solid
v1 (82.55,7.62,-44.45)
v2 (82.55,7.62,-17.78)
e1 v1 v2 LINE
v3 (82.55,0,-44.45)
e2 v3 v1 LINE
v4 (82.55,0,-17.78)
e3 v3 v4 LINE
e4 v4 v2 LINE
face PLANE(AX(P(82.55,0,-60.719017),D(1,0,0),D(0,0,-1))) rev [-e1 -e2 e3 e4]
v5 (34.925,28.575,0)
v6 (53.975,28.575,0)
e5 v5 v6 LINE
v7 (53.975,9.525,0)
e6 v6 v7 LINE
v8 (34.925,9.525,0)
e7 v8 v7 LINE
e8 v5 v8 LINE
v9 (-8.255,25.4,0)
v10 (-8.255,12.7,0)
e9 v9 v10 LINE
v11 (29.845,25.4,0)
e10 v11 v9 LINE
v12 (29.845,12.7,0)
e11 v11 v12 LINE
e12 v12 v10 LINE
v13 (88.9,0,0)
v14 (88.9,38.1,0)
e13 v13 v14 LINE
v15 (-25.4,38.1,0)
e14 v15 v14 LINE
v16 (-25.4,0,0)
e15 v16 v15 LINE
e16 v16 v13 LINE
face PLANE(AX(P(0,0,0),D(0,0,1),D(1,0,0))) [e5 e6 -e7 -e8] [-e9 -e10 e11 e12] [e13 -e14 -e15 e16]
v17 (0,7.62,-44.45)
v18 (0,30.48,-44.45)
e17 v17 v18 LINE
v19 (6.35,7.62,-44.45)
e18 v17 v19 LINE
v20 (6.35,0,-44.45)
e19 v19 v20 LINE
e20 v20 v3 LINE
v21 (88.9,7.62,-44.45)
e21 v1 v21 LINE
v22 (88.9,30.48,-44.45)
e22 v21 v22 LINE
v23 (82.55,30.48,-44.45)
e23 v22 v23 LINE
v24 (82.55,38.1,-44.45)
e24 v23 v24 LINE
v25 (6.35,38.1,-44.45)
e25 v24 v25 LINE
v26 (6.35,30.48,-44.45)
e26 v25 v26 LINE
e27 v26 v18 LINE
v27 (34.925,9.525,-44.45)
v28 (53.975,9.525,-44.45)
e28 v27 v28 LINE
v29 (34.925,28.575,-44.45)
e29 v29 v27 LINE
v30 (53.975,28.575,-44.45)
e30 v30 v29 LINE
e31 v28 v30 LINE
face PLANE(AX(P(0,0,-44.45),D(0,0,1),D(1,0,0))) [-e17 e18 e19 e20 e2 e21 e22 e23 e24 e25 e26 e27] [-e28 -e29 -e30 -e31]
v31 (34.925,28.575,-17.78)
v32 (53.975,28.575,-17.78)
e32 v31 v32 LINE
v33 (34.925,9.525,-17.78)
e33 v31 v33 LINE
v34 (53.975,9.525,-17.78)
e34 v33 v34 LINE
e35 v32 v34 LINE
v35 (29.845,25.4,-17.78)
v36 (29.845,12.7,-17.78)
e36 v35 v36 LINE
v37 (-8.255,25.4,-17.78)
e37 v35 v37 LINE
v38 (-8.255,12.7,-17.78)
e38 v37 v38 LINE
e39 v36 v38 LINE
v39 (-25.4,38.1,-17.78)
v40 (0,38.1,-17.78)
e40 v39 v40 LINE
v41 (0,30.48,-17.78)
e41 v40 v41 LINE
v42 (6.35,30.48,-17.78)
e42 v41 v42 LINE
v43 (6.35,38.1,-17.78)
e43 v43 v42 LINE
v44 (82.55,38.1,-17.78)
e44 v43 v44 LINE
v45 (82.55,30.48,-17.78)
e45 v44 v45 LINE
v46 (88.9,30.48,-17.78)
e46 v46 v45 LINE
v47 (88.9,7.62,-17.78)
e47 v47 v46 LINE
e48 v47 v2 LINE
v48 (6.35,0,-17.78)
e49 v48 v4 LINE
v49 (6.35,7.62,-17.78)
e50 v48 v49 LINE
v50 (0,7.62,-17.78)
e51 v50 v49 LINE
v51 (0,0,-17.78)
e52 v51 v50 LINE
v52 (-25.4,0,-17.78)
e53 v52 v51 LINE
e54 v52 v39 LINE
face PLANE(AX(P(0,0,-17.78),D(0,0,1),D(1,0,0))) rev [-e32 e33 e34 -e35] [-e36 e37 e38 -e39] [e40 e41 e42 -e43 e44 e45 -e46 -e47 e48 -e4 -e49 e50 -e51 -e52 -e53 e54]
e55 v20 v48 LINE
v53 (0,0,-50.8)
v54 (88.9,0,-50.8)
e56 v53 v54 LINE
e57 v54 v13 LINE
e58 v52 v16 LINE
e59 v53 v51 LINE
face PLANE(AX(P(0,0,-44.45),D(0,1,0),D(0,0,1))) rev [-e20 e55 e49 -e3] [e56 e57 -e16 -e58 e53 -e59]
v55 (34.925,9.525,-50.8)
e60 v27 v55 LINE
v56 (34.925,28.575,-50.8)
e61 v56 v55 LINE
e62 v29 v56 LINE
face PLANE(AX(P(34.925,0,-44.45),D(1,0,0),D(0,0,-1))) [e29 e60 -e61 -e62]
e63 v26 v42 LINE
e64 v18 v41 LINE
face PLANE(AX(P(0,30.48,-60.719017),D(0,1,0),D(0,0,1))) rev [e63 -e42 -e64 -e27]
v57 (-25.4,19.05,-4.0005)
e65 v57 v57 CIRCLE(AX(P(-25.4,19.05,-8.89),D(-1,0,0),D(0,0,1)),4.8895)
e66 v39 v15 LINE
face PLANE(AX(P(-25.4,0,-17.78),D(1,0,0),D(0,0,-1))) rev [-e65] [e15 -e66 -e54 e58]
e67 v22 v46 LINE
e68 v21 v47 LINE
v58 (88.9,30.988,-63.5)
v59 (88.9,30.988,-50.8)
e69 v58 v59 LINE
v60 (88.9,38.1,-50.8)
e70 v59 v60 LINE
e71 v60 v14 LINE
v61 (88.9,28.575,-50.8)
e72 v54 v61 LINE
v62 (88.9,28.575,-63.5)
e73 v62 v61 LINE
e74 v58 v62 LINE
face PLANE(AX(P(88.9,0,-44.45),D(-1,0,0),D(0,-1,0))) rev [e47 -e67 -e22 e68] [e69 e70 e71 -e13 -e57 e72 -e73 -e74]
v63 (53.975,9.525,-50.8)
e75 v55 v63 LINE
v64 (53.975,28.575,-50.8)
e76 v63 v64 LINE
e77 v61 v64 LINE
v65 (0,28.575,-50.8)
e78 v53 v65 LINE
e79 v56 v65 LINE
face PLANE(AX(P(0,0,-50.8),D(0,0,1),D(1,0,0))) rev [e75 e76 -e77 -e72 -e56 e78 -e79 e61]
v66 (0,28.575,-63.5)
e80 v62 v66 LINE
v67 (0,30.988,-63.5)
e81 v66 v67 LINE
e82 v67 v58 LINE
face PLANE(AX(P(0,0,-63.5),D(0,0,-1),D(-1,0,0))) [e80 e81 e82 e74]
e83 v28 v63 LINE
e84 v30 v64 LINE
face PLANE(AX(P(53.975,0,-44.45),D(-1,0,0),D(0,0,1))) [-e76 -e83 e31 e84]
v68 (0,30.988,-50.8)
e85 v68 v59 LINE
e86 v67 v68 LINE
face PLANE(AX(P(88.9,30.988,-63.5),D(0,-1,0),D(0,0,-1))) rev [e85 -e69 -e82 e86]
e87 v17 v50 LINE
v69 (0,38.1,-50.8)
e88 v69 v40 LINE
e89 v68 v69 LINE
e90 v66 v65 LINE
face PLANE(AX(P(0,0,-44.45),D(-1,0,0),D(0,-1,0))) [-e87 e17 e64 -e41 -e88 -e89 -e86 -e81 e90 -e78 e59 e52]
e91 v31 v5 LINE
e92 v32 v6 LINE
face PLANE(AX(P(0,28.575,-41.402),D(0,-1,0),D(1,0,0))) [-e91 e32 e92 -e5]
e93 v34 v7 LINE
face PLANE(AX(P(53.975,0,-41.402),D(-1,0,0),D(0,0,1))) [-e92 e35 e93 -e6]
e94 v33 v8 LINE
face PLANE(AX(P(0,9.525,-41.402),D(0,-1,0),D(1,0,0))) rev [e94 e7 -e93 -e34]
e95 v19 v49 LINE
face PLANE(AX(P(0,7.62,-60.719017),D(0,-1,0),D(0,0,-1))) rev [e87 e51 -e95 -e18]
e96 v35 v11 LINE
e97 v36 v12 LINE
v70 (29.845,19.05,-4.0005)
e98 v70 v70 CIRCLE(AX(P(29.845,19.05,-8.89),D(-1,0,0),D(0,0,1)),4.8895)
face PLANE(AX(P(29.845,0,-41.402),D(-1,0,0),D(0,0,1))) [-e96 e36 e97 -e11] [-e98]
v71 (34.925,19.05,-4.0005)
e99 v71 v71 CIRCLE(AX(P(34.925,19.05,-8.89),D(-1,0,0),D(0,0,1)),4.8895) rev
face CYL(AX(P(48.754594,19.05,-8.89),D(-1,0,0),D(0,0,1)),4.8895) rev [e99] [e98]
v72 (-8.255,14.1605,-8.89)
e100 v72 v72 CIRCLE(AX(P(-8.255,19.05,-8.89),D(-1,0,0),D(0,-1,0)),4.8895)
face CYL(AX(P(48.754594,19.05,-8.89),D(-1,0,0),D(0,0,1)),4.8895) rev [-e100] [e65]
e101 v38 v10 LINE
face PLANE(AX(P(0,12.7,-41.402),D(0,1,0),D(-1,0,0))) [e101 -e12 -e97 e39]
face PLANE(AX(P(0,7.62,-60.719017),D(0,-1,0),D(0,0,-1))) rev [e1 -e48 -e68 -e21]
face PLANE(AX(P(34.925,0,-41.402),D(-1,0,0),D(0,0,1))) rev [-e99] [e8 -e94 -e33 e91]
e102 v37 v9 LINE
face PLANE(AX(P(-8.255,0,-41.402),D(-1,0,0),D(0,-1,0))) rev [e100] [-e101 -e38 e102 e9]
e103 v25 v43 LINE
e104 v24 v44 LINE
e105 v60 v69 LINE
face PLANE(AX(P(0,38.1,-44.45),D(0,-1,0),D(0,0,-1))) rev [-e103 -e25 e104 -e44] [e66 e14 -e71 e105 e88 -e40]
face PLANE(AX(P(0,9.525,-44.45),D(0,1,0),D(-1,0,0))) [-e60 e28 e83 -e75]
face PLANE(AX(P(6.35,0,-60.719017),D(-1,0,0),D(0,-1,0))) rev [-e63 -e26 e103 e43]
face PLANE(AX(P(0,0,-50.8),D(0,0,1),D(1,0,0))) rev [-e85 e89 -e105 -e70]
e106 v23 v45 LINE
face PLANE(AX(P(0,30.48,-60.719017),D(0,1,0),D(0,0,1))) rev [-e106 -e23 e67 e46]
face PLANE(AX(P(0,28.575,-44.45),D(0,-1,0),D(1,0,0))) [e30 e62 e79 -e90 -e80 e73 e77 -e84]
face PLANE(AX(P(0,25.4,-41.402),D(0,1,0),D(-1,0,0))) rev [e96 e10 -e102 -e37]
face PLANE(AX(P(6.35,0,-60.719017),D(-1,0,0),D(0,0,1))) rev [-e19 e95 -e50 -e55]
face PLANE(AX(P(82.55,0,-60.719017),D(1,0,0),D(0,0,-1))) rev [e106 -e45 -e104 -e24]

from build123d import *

# Parameters (mm, degrees)
SKETCH1_W                = 88.9
SKETCH1_H                = 38.1
SKETCH1_W_2              = 25.4
BOSS_EXTRUDE1_DEPTH      = 17.78
SKETCH2_W                = 38.1
SKETCH2_H                = 12.7
SKETCH2_W_2              = 6.35
SKETCH2_H_2              = 7.62
SKETCH2_W_3              = 19.05
SKETCH2_H_3              = 19.05
CUT_EXTRUDE1_DEPTH       = 41.402
SKETCH3_W                = 19.05
SKETCH3_H                = 19.05
BOSS_EXTRUDE2_DEPTH      = 6.35
SPRINGPLUNGER_HOLE_REACH = 132.755
SKETCH6_R                = 4.8895
SKETCH8_W                = 6.35
SKETCH8_H                = 7.62
SUPPORT_DEPTH            = 50.8
SKETCH10_W               = 88.9
SKETCH10_H               = 2.413
BOSS_EXTRUDE3_DEPTH      = 12.7


with BuildPart() as part:
    # Sketch1 → Boss-Extrude1 (new body)
    with BuildSketch(Plane.XY):
        with Locations((44.45, 19.05)):
            Rectangle(SKETCH1_W, SKETCH1_H)
        with Locations((-12.7, 19.05)):
            Rectangle(SKETCH1_W_2, SKETCH1_H)
    extrude(amount=-BOSS_EXTRUDE1_DEPTH)

    # Sketch2 → Cut-Extrude1 (cut)
    with BuildSketch(Plane.XY):
        with Locations((10.795, 19.05)):
            Rectangle(SKETCH2_W, SKETCH2_H)
        with Locations((3.175, 34.29)):
            Rectangle(SKETCH2_W_2, SKETCH2_H_2)
        with Locations((3.175, 3.81)):
            Rectangle(SKETCH2_W_2, SKETCH2_H_2)
        with Locations((44.45, 19.05)):
            Rectangle(SKETCH2_W_3, SKETCH2_H_3)
        with Locations((85.725, 34.29)):
            Rectangle(SKETCH2_W_2, SKETCH2_H_2)
        with Locations((85.725, 3.81)):
            Rectangle(SKETCH2_W_2, SKETCH2_H_2)
    extrude(amount=-CUT_EXTRUDE1_DEPTH, mode=Mode.SUBTRACT)

    # SpringPlunger Hole: up to this face of the body (flat: up to its plane)
    springplunger_hole_end = Plane(part.part.faces().sort_by_distance((34.925, 19.05, -8.89))[0])
    # Sketch6 → SpringPlunger Hole (cut, up to the picked face)
    with BuildSketch(Plane.ZY.offset(25.4), mode=Mode.PRIVATE) as springplunger_hole_sk1:
        with Locations((-8.89, 19.05)):
            Circle(SKETCH6_R)
    springplunger_hole_tool1 = split(extrude(springplunger_hole_sk1.sketch, amount=-SPRINGPLUNGER_HOLE_REACH, mode=Mode.PRIVATE), bisect_by=springplunger_hole_end, keep=Keep.BOTH, mode=Mode.PRIVATE)
    add(springplunger_hole_tool1.solids().sort_by(Axis((-25.4, 19.05, -8.89), (1, 0, 0)))[0], mode=Mode.SUBTRACT)



with BuildPart() as body_2:
    # Sketch3 → Boss-Extrude2 (new body)
    with BuildSketch(Plane.XY.offset(-50.8)):
        Polygon((0, 30.48), (0, 7.62), (6.35, 7.62), (6.35, 0), (82.55, 0), (82.55, 7.62), (88.9, 7.62), (88.9, 30.48), (82.55, 30.48), (82.55, 38.1), (6.35, 38.1), (6.35, 30.48), align=None)
        with Locations((44.45, 19.05)):
            Rectangle(SKETCH3_W, SKETCH3_H, mode=Mode.SUBTRACT)
    extrude(amount=BOSS_EXTRUDE2_DEPTH)


with BuildPart() as part_1:
    add(part.part)

    add(body_2.part)  # Support merges body 2
    # Sketch8 → Support (add)
    with BuildSketch(Plane.XY):
        with Locations((3.175, 34.29)):
            Rectangle(SKETCH8_W, SKETCH8_H)
        with Locations((85.725, 34.29)):
            Rectangle(SKETCH8_W, SKETCH8_H)
        with Locations((85.725, 3.81)):
            Rectangle(SKETCH8_W, SKETCH8_H)
        with Locations((3.175, 3.81)):
            Rectangle(SKETCH8_W, SKETCH8_H)
    extrude(amount=-SUPPORT_DEPTH)

    # Sketch10 → Boss-Extrude3 (add)
    with BuildSketch(Plane(origin=(0, 0, -50.8), x_dir=(-1, 0, 0), z_dir=(0, 0, -1))):
        with Locations((-44.45, 29.7815)):
            Rectangle(SKETCH10_W, SKETCH10_H)
    extrude(amount=BOSS_EXTRUDE3_DEPTH)


solid = part_1.part
